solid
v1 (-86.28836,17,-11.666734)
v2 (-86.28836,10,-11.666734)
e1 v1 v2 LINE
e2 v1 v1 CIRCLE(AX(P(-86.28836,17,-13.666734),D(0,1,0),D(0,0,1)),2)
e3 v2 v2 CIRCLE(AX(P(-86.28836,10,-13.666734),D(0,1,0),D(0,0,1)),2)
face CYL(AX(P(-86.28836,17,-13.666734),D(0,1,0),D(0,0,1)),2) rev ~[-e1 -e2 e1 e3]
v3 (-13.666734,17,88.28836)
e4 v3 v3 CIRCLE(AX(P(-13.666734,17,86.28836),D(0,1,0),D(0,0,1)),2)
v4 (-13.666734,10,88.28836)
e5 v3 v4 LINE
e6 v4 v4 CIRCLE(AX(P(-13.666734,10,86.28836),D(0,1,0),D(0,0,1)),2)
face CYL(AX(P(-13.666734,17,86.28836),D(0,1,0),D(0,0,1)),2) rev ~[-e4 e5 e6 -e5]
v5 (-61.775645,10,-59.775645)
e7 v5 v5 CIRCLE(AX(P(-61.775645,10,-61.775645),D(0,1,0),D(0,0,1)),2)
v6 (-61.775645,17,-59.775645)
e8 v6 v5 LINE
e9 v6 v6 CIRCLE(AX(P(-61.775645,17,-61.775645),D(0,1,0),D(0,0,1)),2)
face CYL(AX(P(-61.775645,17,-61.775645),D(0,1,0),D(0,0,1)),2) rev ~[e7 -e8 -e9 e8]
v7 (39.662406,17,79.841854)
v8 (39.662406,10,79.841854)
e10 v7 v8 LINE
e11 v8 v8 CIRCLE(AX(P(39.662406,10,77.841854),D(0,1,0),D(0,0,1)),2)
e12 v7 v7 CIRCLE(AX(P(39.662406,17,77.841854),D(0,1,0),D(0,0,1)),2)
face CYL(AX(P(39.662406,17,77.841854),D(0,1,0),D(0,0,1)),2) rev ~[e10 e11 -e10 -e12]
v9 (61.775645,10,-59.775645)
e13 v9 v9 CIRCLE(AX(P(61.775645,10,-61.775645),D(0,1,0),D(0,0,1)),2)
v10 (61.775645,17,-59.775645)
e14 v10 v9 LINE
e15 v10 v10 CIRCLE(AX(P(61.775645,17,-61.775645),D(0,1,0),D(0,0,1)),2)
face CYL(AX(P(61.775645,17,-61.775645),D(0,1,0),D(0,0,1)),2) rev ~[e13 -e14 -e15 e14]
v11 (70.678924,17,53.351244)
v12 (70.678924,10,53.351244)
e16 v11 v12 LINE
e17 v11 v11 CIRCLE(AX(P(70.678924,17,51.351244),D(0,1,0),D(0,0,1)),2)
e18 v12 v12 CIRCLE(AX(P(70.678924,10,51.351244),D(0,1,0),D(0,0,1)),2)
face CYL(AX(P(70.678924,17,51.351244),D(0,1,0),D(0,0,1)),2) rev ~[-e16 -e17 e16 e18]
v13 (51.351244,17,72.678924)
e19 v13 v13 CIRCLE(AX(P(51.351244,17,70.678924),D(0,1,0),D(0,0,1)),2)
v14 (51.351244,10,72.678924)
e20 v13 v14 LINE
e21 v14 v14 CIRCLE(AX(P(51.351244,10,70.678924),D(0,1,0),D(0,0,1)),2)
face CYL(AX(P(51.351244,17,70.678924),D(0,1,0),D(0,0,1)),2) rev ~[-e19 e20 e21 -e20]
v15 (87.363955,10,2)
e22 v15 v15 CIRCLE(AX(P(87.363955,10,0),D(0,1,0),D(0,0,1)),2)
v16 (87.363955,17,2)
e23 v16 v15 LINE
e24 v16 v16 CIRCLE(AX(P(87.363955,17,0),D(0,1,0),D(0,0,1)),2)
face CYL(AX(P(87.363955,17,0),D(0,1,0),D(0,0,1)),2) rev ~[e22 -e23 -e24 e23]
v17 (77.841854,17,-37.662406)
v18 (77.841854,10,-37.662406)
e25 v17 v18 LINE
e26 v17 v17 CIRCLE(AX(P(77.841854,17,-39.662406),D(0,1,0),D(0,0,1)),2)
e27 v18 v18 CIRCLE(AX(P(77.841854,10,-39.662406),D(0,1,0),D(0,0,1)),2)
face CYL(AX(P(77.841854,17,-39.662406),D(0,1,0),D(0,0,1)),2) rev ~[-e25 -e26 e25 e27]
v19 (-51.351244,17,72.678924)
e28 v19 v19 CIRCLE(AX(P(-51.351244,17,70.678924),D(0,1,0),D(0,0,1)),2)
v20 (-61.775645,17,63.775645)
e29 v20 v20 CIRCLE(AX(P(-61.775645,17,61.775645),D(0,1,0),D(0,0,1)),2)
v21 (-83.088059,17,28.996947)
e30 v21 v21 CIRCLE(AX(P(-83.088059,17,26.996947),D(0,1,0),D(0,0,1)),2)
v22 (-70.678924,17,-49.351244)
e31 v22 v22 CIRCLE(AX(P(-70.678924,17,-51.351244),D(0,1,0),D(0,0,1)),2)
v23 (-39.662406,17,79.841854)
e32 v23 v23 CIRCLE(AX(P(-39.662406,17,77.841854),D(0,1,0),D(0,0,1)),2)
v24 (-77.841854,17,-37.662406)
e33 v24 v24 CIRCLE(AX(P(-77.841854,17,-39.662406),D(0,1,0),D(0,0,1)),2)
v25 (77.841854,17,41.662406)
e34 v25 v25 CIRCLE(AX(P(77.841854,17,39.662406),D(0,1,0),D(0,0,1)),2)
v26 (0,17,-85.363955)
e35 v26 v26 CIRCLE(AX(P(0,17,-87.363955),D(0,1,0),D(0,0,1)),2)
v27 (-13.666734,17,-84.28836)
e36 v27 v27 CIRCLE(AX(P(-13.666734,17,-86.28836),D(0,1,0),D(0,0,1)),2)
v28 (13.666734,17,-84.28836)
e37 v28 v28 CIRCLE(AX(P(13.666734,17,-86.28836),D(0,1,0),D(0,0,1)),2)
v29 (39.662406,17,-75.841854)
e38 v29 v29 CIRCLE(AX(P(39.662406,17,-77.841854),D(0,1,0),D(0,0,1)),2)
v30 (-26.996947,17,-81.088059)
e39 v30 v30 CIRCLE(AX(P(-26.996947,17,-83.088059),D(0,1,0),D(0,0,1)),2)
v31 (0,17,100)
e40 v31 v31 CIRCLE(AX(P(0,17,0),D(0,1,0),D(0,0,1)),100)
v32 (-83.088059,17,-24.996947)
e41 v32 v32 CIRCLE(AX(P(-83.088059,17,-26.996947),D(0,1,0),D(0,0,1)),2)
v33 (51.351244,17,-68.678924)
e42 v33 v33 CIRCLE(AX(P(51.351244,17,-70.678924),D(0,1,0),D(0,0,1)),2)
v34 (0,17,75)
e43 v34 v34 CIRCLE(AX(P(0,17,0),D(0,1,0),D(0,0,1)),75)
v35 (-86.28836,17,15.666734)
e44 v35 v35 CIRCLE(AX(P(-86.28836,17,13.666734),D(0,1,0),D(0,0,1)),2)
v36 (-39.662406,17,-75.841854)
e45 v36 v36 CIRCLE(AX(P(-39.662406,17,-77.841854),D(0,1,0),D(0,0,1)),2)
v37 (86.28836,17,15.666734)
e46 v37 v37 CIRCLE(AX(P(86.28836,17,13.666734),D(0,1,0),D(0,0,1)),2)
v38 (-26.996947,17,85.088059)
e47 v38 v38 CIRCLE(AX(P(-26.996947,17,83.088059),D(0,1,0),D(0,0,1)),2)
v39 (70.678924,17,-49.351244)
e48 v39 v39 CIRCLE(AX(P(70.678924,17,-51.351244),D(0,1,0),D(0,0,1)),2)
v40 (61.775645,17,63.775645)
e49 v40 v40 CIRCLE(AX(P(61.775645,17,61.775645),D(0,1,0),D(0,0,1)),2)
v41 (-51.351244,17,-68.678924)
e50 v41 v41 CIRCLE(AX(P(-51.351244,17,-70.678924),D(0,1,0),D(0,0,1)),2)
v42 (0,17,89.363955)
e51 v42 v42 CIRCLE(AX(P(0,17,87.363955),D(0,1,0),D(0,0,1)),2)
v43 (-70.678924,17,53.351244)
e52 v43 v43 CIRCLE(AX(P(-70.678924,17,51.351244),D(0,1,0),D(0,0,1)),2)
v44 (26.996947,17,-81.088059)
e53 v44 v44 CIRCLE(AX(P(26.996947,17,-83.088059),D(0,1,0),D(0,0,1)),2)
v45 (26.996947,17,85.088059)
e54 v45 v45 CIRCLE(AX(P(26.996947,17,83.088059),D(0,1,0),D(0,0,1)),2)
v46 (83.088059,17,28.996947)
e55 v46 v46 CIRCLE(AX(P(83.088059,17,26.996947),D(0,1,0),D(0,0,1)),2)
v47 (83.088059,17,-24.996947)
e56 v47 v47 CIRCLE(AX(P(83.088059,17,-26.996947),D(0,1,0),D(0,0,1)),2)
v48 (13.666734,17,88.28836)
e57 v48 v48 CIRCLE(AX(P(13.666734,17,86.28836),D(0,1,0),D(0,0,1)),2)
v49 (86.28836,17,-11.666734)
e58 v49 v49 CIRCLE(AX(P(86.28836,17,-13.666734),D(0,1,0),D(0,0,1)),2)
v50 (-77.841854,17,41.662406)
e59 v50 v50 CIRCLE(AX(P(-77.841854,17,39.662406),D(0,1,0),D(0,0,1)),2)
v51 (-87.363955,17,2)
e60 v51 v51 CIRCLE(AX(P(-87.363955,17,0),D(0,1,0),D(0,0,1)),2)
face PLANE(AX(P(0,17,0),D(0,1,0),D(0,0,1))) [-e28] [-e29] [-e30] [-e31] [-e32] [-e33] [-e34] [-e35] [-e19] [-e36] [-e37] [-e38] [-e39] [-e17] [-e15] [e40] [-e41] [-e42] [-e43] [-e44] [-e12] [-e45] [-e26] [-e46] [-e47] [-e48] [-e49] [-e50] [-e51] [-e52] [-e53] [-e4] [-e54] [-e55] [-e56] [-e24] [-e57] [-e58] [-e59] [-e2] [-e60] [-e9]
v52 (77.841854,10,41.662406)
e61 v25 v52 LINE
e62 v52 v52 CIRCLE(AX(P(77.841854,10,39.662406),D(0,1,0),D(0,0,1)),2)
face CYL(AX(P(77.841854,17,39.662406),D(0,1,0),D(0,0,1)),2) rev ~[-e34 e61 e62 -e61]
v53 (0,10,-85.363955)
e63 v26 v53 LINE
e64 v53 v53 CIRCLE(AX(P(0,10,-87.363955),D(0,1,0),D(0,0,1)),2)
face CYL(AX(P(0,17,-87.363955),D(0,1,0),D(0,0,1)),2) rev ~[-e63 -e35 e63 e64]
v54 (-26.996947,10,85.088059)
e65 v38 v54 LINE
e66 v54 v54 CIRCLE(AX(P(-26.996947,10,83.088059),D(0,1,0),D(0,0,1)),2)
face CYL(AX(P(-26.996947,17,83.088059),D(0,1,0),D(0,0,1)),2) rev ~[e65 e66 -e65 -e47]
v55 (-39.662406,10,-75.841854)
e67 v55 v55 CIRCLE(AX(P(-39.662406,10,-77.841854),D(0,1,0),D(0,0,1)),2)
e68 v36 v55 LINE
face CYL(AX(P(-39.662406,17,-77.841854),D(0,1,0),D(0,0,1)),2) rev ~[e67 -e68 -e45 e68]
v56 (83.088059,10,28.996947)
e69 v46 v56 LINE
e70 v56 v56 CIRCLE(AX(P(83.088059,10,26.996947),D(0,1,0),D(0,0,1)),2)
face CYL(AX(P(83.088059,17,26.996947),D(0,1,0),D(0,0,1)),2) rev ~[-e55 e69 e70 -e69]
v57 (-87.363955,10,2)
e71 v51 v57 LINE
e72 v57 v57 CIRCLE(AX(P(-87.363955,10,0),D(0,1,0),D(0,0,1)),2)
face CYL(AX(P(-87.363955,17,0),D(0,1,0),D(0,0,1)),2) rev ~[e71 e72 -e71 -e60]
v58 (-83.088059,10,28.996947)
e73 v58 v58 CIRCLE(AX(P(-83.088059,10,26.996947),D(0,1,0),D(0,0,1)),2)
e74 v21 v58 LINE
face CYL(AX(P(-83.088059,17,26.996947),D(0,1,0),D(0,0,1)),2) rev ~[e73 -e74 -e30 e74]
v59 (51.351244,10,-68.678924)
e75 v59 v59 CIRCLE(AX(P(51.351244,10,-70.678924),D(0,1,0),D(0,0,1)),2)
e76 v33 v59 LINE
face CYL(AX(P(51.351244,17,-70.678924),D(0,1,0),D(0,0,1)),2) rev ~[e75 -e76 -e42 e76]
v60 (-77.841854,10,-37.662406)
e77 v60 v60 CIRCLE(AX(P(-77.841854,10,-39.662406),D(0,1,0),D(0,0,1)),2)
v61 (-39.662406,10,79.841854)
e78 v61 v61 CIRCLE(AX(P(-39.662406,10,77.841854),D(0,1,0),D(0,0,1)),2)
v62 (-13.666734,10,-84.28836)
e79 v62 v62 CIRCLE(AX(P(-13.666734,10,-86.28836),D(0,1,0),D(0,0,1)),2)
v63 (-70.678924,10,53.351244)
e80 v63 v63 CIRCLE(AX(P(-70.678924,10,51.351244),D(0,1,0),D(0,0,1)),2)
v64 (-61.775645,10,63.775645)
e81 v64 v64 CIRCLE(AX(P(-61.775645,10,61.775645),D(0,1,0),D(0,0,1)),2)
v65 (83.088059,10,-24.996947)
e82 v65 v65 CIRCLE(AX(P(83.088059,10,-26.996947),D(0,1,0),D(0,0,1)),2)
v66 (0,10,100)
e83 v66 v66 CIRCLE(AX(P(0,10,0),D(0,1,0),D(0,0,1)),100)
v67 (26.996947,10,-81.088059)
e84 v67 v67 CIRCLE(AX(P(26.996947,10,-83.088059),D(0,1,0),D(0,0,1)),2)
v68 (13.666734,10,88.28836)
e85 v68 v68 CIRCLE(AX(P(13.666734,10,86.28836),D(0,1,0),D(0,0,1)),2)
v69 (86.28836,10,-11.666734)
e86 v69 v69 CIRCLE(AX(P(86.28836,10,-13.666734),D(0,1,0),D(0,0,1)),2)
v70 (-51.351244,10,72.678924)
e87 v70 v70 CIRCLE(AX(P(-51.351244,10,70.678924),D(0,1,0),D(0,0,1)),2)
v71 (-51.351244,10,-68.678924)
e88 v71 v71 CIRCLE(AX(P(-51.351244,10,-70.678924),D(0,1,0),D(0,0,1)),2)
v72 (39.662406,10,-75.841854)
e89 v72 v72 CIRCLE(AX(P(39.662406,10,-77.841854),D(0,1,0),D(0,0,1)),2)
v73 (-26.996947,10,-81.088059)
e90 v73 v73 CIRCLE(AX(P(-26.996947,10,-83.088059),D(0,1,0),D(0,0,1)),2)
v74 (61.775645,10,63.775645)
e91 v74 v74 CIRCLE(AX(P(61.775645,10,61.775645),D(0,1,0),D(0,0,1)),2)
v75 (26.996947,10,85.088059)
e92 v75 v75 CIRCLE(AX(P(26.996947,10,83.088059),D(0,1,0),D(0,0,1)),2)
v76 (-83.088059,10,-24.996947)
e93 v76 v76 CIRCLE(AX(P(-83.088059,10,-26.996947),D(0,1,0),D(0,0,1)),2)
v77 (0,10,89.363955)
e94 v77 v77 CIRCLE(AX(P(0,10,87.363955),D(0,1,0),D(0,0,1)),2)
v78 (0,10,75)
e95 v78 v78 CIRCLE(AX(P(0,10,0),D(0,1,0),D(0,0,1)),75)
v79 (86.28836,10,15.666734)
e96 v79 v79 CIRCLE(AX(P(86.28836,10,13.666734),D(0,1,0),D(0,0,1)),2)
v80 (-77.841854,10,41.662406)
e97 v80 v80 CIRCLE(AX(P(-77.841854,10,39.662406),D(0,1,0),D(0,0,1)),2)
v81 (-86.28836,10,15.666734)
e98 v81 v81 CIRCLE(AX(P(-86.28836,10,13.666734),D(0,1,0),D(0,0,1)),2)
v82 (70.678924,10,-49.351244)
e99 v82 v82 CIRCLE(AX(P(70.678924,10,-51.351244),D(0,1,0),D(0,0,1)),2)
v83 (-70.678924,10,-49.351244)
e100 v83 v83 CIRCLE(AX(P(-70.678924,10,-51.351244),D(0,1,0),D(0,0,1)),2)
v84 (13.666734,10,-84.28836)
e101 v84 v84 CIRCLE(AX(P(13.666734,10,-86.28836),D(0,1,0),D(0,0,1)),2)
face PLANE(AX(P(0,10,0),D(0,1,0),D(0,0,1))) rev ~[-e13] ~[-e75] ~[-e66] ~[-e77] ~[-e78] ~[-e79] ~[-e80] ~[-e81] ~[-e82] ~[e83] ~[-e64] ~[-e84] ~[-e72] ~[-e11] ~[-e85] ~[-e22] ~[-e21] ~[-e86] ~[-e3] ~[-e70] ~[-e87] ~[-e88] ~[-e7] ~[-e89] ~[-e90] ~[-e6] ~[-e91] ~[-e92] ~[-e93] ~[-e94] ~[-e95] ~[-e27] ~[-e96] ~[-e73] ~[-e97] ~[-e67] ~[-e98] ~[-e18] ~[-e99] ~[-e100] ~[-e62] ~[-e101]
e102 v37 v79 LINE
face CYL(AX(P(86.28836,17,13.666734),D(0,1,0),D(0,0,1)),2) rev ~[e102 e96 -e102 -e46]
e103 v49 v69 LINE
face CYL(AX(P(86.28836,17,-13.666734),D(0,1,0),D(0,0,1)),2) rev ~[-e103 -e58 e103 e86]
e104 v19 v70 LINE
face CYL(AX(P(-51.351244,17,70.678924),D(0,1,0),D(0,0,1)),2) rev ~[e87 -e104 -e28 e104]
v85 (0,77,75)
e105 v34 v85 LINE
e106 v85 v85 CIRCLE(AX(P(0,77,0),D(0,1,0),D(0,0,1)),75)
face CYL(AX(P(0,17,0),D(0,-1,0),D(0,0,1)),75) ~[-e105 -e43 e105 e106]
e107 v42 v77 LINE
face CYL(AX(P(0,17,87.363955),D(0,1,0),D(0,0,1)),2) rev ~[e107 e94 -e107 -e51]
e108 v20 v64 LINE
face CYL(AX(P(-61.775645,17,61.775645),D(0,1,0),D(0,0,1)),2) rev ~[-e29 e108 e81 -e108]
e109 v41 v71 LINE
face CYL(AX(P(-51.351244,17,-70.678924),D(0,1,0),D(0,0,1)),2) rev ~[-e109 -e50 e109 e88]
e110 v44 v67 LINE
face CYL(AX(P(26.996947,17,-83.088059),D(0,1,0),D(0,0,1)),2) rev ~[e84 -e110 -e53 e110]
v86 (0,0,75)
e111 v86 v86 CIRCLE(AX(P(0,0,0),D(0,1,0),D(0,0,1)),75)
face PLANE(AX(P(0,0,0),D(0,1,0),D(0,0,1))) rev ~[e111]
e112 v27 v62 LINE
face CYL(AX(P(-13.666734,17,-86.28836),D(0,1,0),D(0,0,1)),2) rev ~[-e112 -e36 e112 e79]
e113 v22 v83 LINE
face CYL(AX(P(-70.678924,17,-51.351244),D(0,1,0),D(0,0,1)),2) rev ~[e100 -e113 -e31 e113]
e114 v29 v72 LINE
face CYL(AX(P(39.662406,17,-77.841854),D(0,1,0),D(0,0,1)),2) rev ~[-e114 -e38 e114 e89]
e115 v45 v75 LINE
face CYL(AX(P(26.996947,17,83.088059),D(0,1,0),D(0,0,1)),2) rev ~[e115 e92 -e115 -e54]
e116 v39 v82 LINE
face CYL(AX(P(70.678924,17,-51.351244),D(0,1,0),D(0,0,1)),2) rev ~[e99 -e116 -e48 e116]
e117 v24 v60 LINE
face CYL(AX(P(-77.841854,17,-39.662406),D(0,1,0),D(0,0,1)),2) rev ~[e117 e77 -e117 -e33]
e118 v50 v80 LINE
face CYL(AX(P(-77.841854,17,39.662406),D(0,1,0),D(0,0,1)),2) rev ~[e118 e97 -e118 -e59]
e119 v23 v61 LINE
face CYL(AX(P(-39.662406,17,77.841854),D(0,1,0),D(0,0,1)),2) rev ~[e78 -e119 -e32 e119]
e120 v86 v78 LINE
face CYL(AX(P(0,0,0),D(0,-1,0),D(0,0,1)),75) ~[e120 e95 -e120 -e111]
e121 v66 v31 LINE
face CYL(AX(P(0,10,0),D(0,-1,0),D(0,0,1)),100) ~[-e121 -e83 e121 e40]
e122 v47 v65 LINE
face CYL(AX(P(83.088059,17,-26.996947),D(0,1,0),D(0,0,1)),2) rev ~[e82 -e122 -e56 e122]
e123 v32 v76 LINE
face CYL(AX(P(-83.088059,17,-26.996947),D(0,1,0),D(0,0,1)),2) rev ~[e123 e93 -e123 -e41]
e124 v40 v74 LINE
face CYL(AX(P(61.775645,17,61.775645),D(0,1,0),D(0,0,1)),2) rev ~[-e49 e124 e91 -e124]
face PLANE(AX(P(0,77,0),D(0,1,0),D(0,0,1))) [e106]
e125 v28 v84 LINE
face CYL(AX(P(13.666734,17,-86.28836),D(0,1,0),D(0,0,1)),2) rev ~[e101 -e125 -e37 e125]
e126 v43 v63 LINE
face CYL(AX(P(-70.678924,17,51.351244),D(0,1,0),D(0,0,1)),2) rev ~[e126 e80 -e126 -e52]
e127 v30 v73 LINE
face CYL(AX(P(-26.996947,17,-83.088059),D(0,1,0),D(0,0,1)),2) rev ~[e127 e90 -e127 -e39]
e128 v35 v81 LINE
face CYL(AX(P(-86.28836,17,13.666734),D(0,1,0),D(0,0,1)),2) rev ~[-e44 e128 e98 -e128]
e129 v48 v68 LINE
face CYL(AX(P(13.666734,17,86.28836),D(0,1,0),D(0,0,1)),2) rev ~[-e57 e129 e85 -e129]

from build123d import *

# Parameters (mm, degrees)
SKIZZE1_R                       = 75
AUFSATZ_LINEAR_AUSTRAGEN1_DEPTH = 10
SKIZZE2_R                       = 100
AUFSATZ_LINEAR_AUSTRAGEN2_DEPTH = 7
SKIZZE3_R                       = 75
AUFSATZ_LINEAR_AUSTRAGEN3_DEPTH = 60
SKIZZE4_R                       = 2
SCHNITT_LINEAR_AUSTRAGEN1_DEPTH = 60


with BuildPart() as part:
    # Skizze1 → Aufsatz-Linear austragen1 (new body)
    with BuildSketch(Plane(origin=(0, 0, 0), x_dir=(1, 0, 0), z_dir=(0, 1, 0))):
        with Locations(Location((0, 0, 0), (0, 0, 270))):
            Circle(SKIZZE1_R)
    extrude(amount=AUFSATZ_LINEAR_AUSTRAGEN1_DEPTH)

    # Skizze2 → Aufsatz-Linear austragen2 (add)
    with BuildSketch(Plane(origin=(0, 10, 0), x_dir=(1, 0, 0), z_dir=(0, 1, 0))):
        with Locations(Location((0, 0, 0), (0, 0, 270))):
            Circle(SKIZZE2_R)
    extrude(amount=AUFSATZ_LINEAR_AUSTRAGEN2_DEPTH)

    # Skizze3 → Aufsatz-Linear austragen3 (add)
    with BuildSketch(Plane(origin=(0, 17, 0), x_dir=(1, 0, 0), z_dir=(0, 1, 0))):
        with Locations(Location((0, 0, 0), (0, 0, 270))):
            Circle(SKIZZE3_R)
    extrude(amount=AUFSATZ_LINEAR_AUSTRAGEN3_DEPTH)

    # Skizze4 → Schnitt-Linear austragen1 (cut)
    with BuildSketch(Plane(origin=(0, 17, 0), x_dir=(1, 0, 0), z_dir=(0, 1, 0))):
        with Locations(Location((0, 87.36395499, 0), (0, 0, 270))):
            Circle(SKIZZE4_R)
        with Locations(Location((13.666733563, 86.288359732, 0), (0, 0, 270))):
            Circle(SKIZZE4_R)
        with Locations(Location((26.996946788, 83.088058682, 0), (0, 0, 270))):
            Circle(SKIZZE4_R)
        with Locations(Location((39.662405585, 77.841853875, 0), (0, 0, 270))):
            Circle(SKIZZE4_R)
        with Locations(Location((51.351244325, 70.678924283, 0), (0, 0, 270))):
            Circle(SKIZZE4_R)
        with Locations(Location((61.775645005, 61.775645005, 0), (0, 0, 270))):
            Circle(SKIZZE4_R)
        with Locations(Location((70.678924283, 51.351244325, 0), (0, 0, 270))):
            Circle(SKIZZE4_R)
        with Locations(Location((77.841853875, 39.662405585, 0), (0, 0, 270))):
            Circle(SKIZZE4_R)
        with Locations(Location((83.088058682, 26.996946788, 0), (0, 0, 270))):
            Circle(SKIZZE4_R)
        with Locations(Location((86.288359732, 13.666733563, 0), (0, 0, 270))):
            Circle(SKIZZE4_R)
        with Locations(Location((87.36395499, 0, 0), (0, 0, 270))):
            Circle(SKIZZE4_R)
        with Locations(Location((86.288359732, -13.666733563, 0), (0, 0, 270))):
            Circle(SKIZZE4_R)
        with Locations(Location((83.088058682, -26.996946788, 0), (0, 0, 270))):
            Circle(SKIZZE4_R)
        with Locations(Location((77.841853875, -39.662405585, 0), (0, 0, 270))):
            Circle(SKIZZE4_R)
        with Locations(Location((70.678924283, -51.351244325, 0), (0, 0, 270))):
            Circle(SKIZZE4_R)
        with Locations(Location((61.775645005, -61.775645005, 0), (0, 0, 270))):
            Circle(SKIZZE4_R)
        with Locations(Location((51.351244325, -70.678924283, 0), (0, 0, 270))):
            Circle(SKIZZE4_R)
        with Locations(Location((39.662405585, -77.841853875, 0), (0, 0, 270))):
            Circle(SKIZZE4_R)
        with Locations(Location((26.996946788, -83.088058682, 0), (0, 0, 270))):
            Circle(SKIZZE4_R)
        with Locations(Location((13.666733563, -86.288359732, 0), (0, 0, 270))):
            Circle(SKIZZE4_R)
        with Locations(Location((0, -87.36395499, 0), (0, 0, 270))):
            Circle(SKIZZE4_R)
        with Locations(Location((-13.666733563, -86.288359732, 0), (0, 0, 270))):
            Circle(SKIZZE4_R)
        with Locations(Location((-26.996946788, -83.088058682, 0), (0, 0, 270))):
            Circle(SKIZZE4_R)
        with Locations(Location((-39.662405585, -77.841853875, 0), (0, 0, 270))):
            Circle(SKIZZE4_R)
        with Locations(Location((-51.351244325, -70.678924283, 0), (0, 0, 270))):
            Circle(SKIZZE4_R)
        with Locations(Location((-61.775645005, -61.775645005, 0), (0, 0, 270))):
            Circle(SKIZZE4_R)
        with Locations(Location((-70.678924283, -51.351244325, 0), (0, 0, 270))):
            Circle(SKIZZE4_R)
        with Locations(Location((-77.841853875, -39.662405585, 0), (0, 0, 270))):
            Circle(SKIZZE4_R)
        with Locations(Location((-83.088058682, -26.996946788, 0), (0, 0, 270))):
            Circle(SKIZZE4_R)
        with Locations(Location((-86.288359732, -13.666733563, 0), (0, 0, 270))):
            Circle(SKIZZE4_R)
        with Locations(Location((-87.36395499, 0, 0), (0, 0, 270))):
            Circle(SKIZZE4_R)
        with Locations(Location((-86.288359732, 13.666733563, 0), (0, 0, 270))):
            Circle(SKIZZE4_R)
        with Locations(Location((-83.088058682, 26.996946788, 0), (0, 0, 270))):
            Circle(SKIZZE4_R)
        with Locations(Location((-77.841853875, 39.662405585, 0), (0, 0, 270))):
            Circle(SKIZZE4_R)
        with Locations(Location((-70.678924283, 51.351244325, 0), (0, 0, 270))):
            Circle(SKIZZE4_R)
        with Locations(Location((-61.775645005, 61.775645005, 0), (0, 0, 270))):
            Circle(SKIZZE4_R)
        with Locations(Location((-51.351244325, 70.678924283, 0), (0, 0, 270))):
            Circle(SKIZZE4_R)
        with Locations(Location((-39.662405585, 77.841853875, 0), (0, 0, 270))):
            Circle(SKIZZE4_R)
        with Locations(Location((-26.996946788, 83.088058682, 0), (0, 0, 270))):
            Circle(SKIZZE4_R)
        with Locations(Location((-13.666733563, 86.288359732, 0), (0, 0, 270))):
            Circle(SKIZZE4_R)
    extrude(amount=-SCHNITT_LINEAR_AUSTRAGEN1_DEPTH, mode=Mode.SUBTRACT)


solid = part.part
